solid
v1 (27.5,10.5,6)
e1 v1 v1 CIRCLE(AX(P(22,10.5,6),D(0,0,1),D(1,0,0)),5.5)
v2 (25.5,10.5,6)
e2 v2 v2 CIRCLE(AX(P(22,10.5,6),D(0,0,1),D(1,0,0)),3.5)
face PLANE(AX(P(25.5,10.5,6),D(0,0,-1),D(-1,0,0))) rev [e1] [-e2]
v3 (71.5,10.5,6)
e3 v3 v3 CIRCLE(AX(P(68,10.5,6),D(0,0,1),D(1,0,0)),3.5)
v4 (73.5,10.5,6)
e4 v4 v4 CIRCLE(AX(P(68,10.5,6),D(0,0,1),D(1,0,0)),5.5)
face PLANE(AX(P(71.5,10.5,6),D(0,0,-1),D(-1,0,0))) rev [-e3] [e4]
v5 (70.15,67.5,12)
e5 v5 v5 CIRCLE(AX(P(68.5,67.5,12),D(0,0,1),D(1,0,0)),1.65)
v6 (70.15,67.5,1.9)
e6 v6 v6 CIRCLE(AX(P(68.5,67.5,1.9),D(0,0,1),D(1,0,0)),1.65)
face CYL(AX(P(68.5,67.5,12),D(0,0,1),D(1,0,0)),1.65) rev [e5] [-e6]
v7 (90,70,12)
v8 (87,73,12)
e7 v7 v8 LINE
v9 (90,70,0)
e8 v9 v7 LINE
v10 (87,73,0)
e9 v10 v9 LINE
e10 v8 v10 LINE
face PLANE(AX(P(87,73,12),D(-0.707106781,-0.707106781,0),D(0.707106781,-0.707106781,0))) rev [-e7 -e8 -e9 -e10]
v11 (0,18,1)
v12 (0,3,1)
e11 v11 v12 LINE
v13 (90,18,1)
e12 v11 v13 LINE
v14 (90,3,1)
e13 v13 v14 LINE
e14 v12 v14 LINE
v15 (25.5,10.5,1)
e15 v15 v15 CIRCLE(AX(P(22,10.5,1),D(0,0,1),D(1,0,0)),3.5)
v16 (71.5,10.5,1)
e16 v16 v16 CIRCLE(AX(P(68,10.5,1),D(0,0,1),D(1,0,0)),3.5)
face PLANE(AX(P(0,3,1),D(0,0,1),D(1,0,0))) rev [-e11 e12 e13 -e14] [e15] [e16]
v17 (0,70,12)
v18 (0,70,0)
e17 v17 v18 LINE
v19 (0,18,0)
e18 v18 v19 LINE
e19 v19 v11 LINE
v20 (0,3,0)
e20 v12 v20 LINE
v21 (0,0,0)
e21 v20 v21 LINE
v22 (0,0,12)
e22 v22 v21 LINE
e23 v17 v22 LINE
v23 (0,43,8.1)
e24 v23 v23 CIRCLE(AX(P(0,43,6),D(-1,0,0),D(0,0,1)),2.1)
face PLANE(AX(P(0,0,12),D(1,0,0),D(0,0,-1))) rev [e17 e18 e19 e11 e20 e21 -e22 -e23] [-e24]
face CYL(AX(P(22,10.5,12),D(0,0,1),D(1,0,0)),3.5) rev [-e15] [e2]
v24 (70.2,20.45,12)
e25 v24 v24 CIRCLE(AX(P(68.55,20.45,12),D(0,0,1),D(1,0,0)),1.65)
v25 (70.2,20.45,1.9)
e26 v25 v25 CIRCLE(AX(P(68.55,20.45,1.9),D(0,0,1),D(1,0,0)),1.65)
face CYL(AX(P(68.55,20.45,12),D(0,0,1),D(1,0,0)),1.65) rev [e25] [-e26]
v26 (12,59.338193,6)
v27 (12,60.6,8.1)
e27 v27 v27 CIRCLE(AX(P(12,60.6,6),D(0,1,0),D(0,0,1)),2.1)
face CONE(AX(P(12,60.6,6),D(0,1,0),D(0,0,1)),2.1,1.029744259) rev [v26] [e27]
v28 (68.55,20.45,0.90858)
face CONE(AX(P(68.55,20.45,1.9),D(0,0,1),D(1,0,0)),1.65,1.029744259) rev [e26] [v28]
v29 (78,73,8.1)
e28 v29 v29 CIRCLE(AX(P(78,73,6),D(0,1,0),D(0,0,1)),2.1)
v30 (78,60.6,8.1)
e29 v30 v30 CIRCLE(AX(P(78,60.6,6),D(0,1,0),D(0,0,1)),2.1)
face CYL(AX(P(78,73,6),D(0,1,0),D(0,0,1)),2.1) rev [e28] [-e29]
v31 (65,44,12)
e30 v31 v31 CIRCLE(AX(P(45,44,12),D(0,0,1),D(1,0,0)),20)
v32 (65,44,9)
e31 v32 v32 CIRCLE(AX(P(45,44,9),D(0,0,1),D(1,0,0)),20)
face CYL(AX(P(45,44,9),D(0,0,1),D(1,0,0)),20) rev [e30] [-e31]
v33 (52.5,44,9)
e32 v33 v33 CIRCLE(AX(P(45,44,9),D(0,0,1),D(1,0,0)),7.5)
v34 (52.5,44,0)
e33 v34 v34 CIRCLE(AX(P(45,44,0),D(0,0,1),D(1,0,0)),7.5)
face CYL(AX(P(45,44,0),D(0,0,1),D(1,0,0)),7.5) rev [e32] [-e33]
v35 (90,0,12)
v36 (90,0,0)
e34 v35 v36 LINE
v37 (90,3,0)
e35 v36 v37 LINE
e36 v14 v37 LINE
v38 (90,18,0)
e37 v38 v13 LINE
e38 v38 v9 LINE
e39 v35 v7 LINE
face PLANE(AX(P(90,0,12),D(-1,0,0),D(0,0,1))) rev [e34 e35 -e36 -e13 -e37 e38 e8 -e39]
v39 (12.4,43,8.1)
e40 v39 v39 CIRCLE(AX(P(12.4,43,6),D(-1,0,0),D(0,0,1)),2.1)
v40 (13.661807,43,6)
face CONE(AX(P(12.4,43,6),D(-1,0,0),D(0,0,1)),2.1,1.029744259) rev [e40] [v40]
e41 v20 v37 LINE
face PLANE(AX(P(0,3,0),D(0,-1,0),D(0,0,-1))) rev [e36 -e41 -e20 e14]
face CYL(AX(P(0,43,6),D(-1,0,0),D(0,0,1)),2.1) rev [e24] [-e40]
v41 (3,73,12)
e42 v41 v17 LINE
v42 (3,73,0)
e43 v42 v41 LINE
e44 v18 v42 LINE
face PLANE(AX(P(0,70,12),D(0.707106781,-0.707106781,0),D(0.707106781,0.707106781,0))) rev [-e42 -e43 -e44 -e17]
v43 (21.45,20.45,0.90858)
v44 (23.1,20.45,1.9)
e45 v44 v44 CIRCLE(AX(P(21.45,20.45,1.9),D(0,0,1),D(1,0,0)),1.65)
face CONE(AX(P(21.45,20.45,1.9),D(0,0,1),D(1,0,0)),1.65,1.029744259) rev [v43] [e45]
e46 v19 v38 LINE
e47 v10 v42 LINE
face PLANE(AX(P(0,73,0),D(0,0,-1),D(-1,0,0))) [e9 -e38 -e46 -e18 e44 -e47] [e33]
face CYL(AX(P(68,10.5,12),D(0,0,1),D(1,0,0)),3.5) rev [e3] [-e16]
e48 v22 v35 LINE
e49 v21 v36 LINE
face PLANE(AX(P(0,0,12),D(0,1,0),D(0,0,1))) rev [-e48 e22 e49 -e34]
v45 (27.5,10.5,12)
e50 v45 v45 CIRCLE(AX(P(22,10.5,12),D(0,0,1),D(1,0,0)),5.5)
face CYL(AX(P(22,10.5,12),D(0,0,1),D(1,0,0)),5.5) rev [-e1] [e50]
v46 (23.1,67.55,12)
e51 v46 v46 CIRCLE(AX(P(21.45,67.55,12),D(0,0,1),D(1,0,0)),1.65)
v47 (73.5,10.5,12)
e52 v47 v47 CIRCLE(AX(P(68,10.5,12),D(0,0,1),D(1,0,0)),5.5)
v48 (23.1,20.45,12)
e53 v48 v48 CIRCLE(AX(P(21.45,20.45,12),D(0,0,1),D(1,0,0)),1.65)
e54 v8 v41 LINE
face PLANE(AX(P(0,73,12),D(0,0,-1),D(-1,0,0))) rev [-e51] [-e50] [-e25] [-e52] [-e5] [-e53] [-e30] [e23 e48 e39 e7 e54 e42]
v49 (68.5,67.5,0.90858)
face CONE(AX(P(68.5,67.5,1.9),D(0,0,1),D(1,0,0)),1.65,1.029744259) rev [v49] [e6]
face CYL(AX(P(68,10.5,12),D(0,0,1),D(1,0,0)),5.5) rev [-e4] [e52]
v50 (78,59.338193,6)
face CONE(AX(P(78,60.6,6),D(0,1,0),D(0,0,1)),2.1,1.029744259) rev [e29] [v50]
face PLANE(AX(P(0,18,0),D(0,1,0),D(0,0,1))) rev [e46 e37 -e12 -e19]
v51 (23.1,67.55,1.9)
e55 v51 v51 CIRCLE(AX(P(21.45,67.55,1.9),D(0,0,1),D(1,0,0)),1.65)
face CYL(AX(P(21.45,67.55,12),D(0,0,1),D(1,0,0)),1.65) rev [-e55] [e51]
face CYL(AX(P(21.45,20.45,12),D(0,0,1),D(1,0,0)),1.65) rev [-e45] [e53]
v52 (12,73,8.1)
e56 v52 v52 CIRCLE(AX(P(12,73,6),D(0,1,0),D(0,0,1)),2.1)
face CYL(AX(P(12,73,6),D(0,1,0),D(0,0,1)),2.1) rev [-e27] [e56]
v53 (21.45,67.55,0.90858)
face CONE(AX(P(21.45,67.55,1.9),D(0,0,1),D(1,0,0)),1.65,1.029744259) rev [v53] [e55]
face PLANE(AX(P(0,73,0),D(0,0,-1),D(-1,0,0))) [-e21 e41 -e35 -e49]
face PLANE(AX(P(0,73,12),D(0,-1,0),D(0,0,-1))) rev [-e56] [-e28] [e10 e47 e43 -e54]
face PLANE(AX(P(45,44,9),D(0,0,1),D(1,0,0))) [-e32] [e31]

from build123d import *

# Parameters (mm, degrees)
SKETCH_1_W                   = 90
SKETCH_1_H                   = 73
EXTRUDE_1_DEPTH              = 12
SKETCH_2_R                   = 20
CUT_EXTRUDE_1_DEPTH          = 3
SKETCH_3_R                   = 7.5
CUT_EXTRUDE_2_DEPTH          = 117.232525568
CHAMFER_1_SIZE               = 3
SKETCH_4_W                   = 1
SKETCH_4_H                   = 15
CUT_EXTRUDE_3_DEPTH          = 117.50321884
HOLE_WIZARD_M6_1_D           = 7
HOLE_WIZARD_M6_1_CBORE_D     = 11
HOLE_WIZARD_M6_1_CBORE_DEPTH = 6
HOLE_WIZARD_M5_1_D           = 4.2
HOLE_WIZARD_M5_1_DEPTH       = 12.4
HOLE_WIZARD_M5_1_TIP         = 1.2618073
HOLE_WIZARD_M4_1_D           = 3.3
HOLE_WIZARD_M4_1_DEPTH       = 10.1
HOLE_WIZARD_M4_1_TIP         = 0.991420021
HOLE_WIZARD_M5_2_D           = 4.2
HOLE_WIZARD_M5_2_DEPTH       = 12.4
HOLE_WIZARD_M5_2_TIP         = 1.2618073


with BuildPart() as part:
    # 草图1 → 凸台-拉伸1 (new body)
    with BuildSketch(Plane.XY):
        with Locations((45, 36.5)):
            Rectangle(SKETCH_1_W, SKETCH_1_H)
    extrude(amount=EXTRUDE_1_DEPTH)

    # 草图2 → 切除-拉伸1 (cut)
    with BuildSketch(Plane.XY.offset(12)):
        with Locations((45, 44)):
            Circle(SKETCH_2_R)
    extrude(amount=-CUT_EXTRUDE_1_DEPTH, mode=Mode.SUBTRACT)

    # 草图3 → 切除-拉伸2 (cut, through all)
    with BuildSketch(Plane.XY.offset(9)):
        with Locations((45, 44)):
            Circle(SKETCH_3_R)
    extrude(amount=-CUT_EXTRUDE_2_DEPTH, mode=Mode.SUBTRACT)

    # 倒角1
    chamfer_1_edges = [part.edges().sort_by_distance(p)[0] for p in [
        (0, 73, 6),
        (90, 73, 6),
    ]]
    chamfer(chamfer_1_edges, length=CHAMFER_1_SIZE)

    # 草图4 → 切除-拉伸3 (cut, through all)
    with BuildSketch(Plane(origin=(90, 0, 0), x_dir=(0, 0, -1), z_dir=(1, 0, 0))):
        with Locations((-0.5, 10.5)):
            Rectangle(SKETCH_4_W, SKETCH_4_H)
    extrude(amount=-CUT_EXTRUDE_3_DEPTH, mode=Mode.SUBTRACT)

    # M6 六角凹头螺钉的柱形沉头孔1 (through all)
    with Locations(Plane.XY.offset(12)):
        with Locations((22, 10.5), (68, 10.5)):
            CounterBoreHole(HOLE_WIZARD_M6_1_D / 2, HOLE_WIZARD_M6_1_CBORE_D / 2, HOLE_WIZARD_M6_1_CBORE_DEPTH)

    # M5 螺纹孔1
    with Locations(Plane(origin=(0, 73, 0), x_dir=(-1, 0, 0), z_dir=(0, 1, 0))):
        with Locations((-12, 6), (-78, 6)):
            Hole(HOLE_WIZARD_M5_1_D / 2, depth=HOLE_WIZARD_M5_1_DEPTH)
            with Locations((0, 0, -(HOLE_WIZARD_M5_1_DEPTH + HOLE_WIZARD_M5_1_TIP / 2))):  # 118° drill point
                Cone(0, HOLE_WIZARD_M5_1_D / 2, HOLE_WIZARD_M5_1_TIP, mode=Mode.SUBTRACT)

    # M4 螺纹孔1
    with Locations(Plane.XY.offset(12)):
        with Locations((68.5, 67.5), (21.45, 67.55), (21.45, 20.45), (68.55, 20.45)):
            Hole(HOLE_WIZARD_M4_1_D / 2, depth=HOLE_WIZARD_M4_1_DEPTH)
            with Locations((0, 0, -(HOLE_WIZARD_M4_1_DEPTH + HOLE_WIZARD_M4_1_TIP / 2))):  # 118° drill point
                Cone(0, HOLE_WIZARD_M4_1_D / 2, HOLE_WIZARD_M4_1_TIP, mode=Mode.SUBTRACT)

    # M5 螺纹孔2
    with Locations(Plane.ZY):
        with Locations((6, 43)):
            Hole(HOLE_WIZARD_M5_2_D / 2, depth=HOLE_WIZARD_M5_2_DEPTH)
            with Locations((0, 0, -(HOLE_WIZARD_M5_2_DEPTH + HOLE_WIZARD_M5_2_TIP / 2))):  # 118° drill point
                Cone(0, HOLE_WIZARD_M5_2_D / 2, HOLE_WIZARD_M5_2_TIP, mode=Mode.SUBTRACT)


solid = part.part
